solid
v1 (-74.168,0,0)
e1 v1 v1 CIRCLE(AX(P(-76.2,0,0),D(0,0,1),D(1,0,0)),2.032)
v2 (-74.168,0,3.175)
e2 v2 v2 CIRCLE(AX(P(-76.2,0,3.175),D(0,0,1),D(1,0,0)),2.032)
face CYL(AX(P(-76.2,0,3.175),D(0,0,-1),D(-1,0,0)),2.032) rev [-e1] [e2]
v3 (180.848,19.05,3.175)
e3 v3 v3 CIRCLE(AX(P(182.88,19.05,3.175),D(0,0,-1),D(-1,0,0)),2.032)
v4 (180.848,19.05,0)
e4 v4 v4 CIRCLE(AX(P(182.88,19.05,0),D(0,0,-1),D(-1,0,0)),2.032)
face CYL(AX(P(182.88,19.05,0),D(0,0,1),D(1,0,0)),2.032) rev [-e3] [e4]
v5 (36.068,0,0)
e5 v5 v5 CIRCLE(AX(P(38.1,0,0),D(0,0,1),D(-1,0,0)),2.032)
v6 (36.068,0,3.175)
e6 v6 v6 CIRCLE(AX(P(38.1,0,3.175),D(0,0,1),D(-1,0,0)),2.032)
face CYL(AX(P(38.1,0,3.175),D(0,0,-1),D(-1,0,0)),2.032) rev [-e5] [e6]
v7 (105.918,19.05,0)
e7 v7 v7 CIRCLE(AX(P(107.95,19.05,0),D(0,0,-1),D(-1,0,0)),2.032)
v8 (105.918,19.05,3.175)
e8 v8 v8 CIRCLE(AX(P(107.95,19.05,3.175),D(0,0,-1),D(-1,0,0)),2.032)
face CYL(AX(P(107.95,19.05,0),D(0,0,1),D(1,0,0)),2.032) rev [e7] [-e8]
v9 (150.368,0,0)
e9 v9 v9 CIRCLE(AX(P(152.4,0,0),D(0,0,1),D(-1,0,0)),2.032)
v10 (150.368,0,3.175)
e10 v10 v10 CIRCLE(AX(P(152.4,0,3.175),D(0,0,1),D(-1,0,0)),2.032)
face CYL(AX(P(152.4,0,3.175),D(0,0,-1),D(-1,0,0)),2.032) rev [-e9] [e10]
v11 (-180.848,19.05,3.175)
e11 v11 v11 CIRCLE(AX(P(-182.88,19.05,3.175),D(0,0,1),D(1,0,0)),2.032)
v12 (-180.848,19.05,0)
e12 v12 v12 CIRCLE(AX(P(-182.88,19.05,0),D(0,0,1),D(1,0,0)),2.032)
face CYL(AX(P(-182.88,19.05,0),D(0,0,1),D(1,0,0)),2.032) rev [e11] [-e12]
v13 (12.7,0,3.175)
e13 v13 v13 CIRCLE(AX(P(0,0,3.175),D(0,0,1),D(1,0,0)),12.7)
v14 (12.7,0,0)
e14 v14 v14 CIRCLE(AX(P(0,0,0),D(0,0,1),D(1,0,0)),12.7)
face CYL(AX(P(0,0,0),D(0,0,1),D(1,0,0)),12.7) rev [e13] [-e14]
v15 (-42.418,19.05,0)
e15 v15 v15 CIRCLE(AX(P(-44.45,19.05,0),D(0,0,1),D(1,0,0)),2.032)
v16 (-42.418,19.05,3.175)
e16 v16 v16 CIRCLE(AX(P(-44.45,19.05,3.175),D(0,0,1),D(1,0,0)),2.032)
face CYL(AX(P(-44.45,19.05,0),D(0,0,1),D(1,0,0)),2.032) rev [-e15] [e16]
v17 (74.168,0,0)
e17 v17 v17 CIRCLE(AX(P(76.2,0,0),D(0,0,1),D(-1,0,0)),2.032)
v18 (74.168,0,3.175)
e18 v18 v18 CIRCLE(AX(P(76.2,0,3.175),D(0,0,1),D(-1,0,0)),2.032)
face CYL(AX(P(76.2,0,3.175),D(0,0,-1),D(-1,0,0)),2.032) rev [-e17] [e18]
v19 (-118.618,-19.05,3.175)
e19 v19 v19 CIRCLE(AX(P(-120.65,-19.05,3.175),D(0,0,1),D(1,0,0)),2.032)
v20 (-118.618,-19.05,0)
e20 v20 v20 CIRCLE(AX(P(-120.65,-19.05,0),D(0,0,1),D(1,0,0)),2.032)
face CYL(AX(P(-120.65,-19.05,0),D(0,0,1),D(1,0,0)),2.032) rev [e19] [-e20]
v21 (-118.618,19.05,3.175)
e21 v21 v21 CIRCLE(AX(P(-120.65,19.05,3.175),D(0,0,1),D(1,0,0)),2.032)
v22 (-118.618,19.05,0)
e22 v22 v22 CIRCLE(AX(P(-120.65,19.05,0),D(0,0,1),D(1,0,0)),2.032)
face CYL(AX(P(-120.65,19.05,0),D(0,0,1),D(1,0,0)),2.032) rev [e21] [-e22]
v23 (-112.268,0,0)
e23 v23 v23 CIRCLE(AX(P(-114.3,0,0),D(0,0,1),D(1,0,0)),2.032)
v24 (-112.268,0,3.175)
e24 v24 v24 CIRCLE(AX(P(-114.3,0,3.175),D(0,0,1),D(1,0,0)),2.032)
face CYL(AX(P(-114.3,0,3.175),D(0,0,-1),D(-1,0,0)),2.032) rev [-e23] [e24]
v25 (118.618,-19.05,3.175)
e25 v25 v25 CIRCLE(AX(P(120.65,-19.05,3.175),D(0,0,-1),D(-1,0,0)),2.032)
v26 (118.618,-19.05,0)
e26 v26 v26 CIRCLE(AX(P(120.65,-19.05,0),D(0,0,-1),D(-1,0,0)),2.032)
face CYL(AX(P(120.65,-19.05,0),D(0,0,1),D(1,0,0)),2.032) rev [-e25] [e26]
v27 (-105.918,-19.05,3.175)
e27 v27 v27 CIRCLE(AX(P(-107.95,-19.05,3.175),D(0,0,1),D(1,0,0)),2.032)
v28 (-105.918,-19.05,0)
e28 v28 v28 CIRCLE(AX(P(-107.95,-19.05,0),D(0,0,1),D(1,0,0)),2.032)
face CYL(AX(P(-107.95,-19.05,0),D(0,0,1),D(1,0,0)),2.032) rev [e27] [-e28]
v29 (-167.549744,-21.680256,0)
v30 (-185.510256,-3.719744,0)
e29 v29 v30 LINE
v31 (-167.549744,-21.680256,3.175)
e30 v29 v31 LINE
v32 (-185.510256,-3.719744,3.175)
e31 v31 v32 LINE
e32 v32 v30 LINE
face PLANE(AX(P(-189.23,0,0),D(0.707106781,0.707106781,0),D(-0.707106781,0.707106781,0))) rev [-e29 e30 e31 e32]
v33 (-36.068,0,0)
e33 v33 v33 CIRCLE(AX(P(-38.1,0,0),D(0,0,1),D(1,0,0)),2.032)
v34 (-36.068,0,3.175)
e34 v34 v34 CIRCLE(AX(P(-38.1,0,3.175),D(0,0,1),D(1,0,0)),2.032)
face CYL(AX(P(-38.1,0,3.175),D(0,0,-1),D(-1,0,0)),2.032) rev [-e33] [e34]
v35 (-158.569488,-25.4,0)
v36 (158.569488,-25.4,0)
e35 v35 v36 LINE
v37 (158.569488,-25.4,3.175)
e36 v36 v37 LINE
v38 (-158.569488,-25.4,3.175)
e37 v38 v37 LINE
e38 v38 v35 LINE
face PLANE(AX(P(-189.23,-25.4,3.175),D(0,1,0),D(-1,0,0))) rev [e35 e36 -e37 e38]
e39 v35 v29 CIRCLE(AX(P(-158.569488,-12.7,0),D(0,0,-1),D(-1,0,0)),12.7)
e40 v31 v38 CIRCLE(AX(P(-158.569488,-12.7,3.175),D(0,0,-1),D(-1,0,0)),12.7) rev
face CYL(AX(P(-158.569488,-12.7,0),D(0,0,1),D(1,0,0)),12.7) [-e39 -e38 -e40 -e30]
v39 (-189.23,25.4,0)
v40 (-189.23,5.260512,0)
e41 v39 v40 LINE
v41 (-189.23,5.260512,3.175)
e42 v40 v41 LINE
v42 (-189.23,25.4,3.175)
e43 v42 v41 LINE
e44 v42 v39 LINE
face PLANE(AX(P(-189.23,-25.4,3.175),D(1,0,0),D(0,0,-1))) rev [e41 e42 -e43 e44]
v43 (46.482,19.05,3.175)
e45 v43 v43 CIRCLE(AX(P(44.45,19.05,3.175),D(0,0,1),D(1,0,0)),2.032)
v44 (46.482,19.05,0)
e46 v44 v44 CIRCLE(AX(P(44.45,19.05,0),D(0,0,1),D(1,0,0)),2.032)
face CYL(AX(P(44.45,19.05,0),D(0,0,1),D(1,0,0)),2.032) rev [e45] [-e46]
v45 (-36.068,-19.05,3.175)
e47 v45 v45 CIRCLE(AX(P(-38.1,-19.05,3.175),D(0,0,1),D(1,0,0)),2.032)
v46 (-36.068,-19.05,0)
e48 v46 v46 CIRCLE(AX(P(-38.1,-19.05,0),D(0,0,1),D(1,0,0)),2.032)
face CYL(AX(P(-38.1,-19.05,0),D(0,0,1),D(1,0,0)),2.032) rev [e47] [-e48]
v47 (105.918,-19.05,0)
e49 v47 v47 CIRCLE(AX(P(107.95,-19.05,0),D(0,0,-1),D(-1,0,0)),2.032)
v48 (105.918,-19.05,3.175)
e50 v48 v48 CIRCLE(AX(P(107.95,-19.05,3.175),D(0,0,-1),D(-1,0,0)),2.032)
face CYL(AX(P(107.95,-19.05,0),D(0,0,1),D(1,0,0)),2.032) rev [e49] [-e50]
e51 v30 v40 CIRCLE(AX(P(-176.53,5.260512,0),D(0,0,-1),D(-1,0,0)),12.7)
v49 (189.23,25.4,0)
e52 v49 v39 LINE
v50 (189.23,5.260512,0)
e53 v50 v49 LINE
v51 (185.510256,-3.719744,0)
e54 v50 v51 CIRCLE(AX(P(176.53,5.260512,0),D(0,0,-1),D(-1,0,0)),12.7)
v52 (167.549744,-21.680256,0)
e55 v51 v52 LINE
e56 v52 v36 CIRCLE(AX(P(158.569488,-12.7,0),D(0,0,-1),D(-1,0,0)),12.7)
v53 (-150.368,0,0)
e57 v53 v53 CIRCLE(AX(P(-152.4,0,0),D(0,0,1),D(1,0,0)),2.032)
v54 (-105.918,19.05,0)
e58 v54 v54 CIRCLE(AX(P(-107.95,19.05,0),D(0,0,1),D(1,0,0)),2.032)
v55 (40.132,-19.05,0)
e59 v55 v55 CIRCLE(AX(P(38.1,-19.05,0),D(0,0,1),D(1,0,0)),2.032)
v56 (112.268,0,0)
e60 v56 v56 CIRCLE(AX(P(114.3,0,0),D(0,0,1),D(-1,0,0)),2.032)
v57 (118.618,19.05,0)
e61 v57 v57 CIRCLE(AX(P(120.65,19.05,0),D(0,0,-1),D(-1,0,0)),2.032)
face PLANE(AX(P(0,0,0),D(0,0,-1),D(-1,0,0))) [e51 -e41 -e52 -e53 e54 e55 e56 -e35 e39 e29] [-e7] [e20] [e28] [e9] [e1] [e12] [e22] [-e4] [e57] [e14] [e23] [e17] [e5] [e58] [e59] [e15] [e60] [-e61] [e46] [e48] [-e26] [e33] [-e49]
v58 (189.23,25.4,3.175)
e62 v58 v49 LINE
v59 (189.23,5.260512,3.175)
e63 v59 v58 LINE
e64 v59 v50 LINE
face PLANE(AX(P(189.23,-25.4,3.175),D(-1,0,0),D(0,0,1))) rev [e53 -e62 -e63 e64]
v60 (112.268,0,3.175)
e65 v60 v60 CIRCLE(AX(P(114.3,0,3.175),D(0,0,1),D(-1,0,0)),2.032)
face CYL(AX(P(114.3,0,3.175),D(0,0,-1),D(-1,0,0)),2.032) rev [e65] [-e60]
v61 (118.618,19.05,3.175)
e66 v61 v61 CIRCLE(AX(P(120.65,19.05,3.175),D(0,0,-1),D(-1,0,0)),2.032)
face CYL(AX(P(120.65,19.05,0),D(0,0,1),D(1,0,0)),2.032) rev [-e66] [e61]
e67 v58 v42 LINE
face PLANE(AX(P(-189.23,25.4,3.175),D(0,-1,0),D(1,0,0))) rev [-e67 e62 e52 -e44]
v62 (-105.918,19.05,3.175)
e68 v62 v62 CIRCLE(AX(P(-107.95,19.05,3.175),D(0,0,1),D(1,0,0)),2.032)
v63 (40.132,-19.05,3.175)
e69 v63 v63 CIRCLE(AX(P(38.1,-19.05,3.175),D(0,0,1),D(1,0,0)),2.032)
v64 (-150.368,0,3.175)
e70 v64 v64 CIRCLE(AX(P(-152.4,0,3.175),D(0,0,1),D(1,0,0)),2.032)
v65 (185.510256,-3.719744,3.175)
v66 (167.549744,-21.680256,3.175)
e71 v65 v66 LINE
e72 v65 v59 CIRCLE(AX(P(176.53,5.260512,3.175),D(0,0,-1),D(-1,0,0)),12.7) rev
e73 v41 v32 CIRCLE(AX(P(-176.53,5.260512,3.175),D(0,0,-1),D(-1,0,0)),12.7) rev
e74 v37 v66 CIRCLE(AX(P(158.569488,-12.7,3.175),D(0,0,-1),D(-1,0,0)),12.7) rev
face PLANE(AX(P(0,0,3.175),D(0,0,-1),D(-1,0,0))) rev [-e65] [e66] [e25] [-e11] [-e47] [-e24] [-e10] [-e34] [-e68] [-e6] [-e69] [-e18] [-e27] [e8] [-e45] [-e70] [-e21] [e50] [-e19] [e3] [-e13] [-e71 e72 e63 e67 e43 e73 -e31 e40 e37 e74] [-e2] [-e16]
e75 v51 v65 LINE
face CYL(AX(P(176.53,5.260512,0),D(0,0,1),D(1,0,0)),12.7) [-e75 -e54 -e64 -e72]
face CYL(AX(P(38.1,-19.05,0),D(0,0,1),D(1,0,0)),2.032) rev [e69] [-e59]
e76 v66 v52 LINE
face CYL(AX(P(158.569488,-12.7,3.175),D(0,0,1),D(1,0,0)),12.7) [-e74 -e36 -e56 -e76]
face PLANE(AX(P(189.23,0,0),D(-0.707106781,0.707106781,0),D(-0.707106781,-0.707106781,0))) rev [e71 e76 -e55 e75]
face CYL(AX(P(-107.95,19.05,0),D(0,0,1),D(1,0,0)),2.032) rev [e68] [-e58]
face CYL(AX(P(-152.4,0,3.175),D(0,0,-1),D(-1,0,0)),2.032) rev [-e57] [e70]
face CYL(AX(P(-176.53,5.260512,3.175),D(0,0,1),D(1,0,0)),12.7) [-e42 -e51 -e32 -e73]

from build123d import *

# Parameters (mm, degrees)
SKETCH1_W           = 378.46
SKETCH1_H           = 50.8
SKETCH1_R           = 2.032
BOSS_EXTRUDE1_DEPTH = 3.175
SKETCH2_R           = 12.7
CUT_EXTRUDE1_DEPTH  = 191.953485239
SKETCH3_R           = 2.032
CUT_EXTRUDE2_DEPTH  = 191.953485239
SKETCH4_R           = 2.032
CUT_EXTRUDE3_DEPTH  = 191.953485239
SKETCH6_R           = 2.032
CUT_EXTRUDE5_DEPTH  = 191.953485239
CUT_EXTRUDE6_DEPTH  = 191.953485239
FILLET1_R           = 12.7


with BuildPart() as part:
    # Sketch1 → Boss-Extrude1 (new body)
    with BuildSketch(Plane.XY):
        Rectangle(SKETCH1_W, SKETCH1_H)
        Circle(SKETCH1_R, mode=Mode.SUBTRACT)
        with Locations((-38.1, 0)):
            Circle(SKETCH1_R, mode=Mode.SUBTRACT)
        with Locations((-76.2, 0)):
            Circle(SKETCH1_R, mode=Mode.SUBTRACT)
        with Locations((-114.3, 0)):
            Circle(SKETCH1_R, mode=Mode.SUBTRACT)
        with Locations((-152.4, 0)):
            Circle(SKETCH1_R, mode=Mode.SUBTRACT)
        with Locations(Location((76.2, 0, 0), (0, 0, 180))):
            Circle(SKETCH1_R, mode=Mode.SUBTRACT)
        with Locations(Location((114.3, 0, 0), (0, 0, 180))):
            Circle(SKETCH1_R, mode=Mode.SUBTRACT)
        with Locations(Location((152.4, 0, 0), (0, 0, 180))):
            Circle(SKETCH1_R, mode=Mode.SUBTRACT)
        with Locations(Location((38.1, 0, 0), (0, 0, 180))):
            Circle(SKETCH1_R, mode=Mode.SUBTRACT)
    extrude(amount=BOSS_EXTRUDE1_DEPTH)

    # Sketch2 → Cut-Extrude1 (cut, through all)
    with BuildSketch(Plane.XY.offset(3.175)):
        Circle(SKETCH2_R)
    extrude(amount=-CUT_EXTRUDE1_DEPTH, mode=Mode.SUBTRACT)

    # Sketch3 → Cut-Extrude2 (cut, through all)
    with BuildSketch(Plane.XY.offset(3.175)):
        with Locations((-38.1, -19.05)):
            Circle(SKETCH3_R)
        with Locations((-44.45, 19.05)):
            Circle(SKETCH3_R)
        with Locations((44.45, 19.05)):
            Circle(SKETCH3_R)
        with Locations((38.1, -19.05)):
            Circle(SKETCH3_R)
    extrude(amount=-CUT_EXTRUDE2_DEPTH, mode=Mode.SUBTRACT)

    # Sketch4 → Cut-Extrude3 (cut, through all)
    with BuildSketch(Plane.XY.offset(3.175)):
        with Locations((-107.95, -19.05)):
            Circle(SKETCH4_R)
        with Locations((-120.65, -19.05)):
            Circle(SKETCH4_R)
        with Locations((-120.65, 19.05)):
            Circle(SKETCH4_R)
        with Locations((-107.95, 19.05)):
            Circle(SKETCH4_R)
    cut_extrude3 = extrude(amount=-CUT_EXTRUDE3_DEPTH, mode=Mode.SUBTRACT)

    # Sketch6 → Cut-Extrude5 (cut, through all)
    with BuildSketch(Plane.XY.offset(3.175)):
        with Locations((-182.88, 19.05)):
            Circle(SKETCH6_R)
        with Locations((-182.88, -19.05)):
            Circle(SKETCH6_R)
    cut_extrude5 = extrude(amount=-CUT_EXTRUDE5_DEPTH, mode=Mode.SUBTRACT)

    # Mirror1: Cut-Extrude3, Cut-Extrude5 across plane
    add(cut_extrude3.mirror(Plane(origin=(0, 0, 0), x_dir=(0, 0, 1), z_dir=(1, 0, 0))), mode=Mode.SUBTRACT)
    add(cut_extrude5.mirror(Plane(origin=(0, 0, 0), x_dir=(0, 0, 1), z_dir=(1, 0, 0))), mode=Mode.SUBTRACT)

    # Sketch7 → Cut-Extrude6 (cut, through all)
    with BuildSketch(Plane.XY.offset(3.175)):
        Polygon((-189.23, 0), (-163.83, -25.4), (-189.23, -25.4), align=None)
        Polygon((189.23, -25.4), (189.23, 0), (163.83, -25.4), align=None)
    extrude(amount=-CUT_EXTRUDE6_DEPTH, mode=Mode.SUBTRACT)

    # Fillet1
    fillet1_edges = [part.edges().sort_by_distance(p)[0] for p in [
        (-189.23, 0, 1.5875),
        (-163.83, -25.4, 1.5875),
        (163.83, -25.4, 1.5875),
        (189.23, 0, 1.5875),
    ]]
    fillet(fillet1_edges, radius=FILLET1_R)


solid = part.part
